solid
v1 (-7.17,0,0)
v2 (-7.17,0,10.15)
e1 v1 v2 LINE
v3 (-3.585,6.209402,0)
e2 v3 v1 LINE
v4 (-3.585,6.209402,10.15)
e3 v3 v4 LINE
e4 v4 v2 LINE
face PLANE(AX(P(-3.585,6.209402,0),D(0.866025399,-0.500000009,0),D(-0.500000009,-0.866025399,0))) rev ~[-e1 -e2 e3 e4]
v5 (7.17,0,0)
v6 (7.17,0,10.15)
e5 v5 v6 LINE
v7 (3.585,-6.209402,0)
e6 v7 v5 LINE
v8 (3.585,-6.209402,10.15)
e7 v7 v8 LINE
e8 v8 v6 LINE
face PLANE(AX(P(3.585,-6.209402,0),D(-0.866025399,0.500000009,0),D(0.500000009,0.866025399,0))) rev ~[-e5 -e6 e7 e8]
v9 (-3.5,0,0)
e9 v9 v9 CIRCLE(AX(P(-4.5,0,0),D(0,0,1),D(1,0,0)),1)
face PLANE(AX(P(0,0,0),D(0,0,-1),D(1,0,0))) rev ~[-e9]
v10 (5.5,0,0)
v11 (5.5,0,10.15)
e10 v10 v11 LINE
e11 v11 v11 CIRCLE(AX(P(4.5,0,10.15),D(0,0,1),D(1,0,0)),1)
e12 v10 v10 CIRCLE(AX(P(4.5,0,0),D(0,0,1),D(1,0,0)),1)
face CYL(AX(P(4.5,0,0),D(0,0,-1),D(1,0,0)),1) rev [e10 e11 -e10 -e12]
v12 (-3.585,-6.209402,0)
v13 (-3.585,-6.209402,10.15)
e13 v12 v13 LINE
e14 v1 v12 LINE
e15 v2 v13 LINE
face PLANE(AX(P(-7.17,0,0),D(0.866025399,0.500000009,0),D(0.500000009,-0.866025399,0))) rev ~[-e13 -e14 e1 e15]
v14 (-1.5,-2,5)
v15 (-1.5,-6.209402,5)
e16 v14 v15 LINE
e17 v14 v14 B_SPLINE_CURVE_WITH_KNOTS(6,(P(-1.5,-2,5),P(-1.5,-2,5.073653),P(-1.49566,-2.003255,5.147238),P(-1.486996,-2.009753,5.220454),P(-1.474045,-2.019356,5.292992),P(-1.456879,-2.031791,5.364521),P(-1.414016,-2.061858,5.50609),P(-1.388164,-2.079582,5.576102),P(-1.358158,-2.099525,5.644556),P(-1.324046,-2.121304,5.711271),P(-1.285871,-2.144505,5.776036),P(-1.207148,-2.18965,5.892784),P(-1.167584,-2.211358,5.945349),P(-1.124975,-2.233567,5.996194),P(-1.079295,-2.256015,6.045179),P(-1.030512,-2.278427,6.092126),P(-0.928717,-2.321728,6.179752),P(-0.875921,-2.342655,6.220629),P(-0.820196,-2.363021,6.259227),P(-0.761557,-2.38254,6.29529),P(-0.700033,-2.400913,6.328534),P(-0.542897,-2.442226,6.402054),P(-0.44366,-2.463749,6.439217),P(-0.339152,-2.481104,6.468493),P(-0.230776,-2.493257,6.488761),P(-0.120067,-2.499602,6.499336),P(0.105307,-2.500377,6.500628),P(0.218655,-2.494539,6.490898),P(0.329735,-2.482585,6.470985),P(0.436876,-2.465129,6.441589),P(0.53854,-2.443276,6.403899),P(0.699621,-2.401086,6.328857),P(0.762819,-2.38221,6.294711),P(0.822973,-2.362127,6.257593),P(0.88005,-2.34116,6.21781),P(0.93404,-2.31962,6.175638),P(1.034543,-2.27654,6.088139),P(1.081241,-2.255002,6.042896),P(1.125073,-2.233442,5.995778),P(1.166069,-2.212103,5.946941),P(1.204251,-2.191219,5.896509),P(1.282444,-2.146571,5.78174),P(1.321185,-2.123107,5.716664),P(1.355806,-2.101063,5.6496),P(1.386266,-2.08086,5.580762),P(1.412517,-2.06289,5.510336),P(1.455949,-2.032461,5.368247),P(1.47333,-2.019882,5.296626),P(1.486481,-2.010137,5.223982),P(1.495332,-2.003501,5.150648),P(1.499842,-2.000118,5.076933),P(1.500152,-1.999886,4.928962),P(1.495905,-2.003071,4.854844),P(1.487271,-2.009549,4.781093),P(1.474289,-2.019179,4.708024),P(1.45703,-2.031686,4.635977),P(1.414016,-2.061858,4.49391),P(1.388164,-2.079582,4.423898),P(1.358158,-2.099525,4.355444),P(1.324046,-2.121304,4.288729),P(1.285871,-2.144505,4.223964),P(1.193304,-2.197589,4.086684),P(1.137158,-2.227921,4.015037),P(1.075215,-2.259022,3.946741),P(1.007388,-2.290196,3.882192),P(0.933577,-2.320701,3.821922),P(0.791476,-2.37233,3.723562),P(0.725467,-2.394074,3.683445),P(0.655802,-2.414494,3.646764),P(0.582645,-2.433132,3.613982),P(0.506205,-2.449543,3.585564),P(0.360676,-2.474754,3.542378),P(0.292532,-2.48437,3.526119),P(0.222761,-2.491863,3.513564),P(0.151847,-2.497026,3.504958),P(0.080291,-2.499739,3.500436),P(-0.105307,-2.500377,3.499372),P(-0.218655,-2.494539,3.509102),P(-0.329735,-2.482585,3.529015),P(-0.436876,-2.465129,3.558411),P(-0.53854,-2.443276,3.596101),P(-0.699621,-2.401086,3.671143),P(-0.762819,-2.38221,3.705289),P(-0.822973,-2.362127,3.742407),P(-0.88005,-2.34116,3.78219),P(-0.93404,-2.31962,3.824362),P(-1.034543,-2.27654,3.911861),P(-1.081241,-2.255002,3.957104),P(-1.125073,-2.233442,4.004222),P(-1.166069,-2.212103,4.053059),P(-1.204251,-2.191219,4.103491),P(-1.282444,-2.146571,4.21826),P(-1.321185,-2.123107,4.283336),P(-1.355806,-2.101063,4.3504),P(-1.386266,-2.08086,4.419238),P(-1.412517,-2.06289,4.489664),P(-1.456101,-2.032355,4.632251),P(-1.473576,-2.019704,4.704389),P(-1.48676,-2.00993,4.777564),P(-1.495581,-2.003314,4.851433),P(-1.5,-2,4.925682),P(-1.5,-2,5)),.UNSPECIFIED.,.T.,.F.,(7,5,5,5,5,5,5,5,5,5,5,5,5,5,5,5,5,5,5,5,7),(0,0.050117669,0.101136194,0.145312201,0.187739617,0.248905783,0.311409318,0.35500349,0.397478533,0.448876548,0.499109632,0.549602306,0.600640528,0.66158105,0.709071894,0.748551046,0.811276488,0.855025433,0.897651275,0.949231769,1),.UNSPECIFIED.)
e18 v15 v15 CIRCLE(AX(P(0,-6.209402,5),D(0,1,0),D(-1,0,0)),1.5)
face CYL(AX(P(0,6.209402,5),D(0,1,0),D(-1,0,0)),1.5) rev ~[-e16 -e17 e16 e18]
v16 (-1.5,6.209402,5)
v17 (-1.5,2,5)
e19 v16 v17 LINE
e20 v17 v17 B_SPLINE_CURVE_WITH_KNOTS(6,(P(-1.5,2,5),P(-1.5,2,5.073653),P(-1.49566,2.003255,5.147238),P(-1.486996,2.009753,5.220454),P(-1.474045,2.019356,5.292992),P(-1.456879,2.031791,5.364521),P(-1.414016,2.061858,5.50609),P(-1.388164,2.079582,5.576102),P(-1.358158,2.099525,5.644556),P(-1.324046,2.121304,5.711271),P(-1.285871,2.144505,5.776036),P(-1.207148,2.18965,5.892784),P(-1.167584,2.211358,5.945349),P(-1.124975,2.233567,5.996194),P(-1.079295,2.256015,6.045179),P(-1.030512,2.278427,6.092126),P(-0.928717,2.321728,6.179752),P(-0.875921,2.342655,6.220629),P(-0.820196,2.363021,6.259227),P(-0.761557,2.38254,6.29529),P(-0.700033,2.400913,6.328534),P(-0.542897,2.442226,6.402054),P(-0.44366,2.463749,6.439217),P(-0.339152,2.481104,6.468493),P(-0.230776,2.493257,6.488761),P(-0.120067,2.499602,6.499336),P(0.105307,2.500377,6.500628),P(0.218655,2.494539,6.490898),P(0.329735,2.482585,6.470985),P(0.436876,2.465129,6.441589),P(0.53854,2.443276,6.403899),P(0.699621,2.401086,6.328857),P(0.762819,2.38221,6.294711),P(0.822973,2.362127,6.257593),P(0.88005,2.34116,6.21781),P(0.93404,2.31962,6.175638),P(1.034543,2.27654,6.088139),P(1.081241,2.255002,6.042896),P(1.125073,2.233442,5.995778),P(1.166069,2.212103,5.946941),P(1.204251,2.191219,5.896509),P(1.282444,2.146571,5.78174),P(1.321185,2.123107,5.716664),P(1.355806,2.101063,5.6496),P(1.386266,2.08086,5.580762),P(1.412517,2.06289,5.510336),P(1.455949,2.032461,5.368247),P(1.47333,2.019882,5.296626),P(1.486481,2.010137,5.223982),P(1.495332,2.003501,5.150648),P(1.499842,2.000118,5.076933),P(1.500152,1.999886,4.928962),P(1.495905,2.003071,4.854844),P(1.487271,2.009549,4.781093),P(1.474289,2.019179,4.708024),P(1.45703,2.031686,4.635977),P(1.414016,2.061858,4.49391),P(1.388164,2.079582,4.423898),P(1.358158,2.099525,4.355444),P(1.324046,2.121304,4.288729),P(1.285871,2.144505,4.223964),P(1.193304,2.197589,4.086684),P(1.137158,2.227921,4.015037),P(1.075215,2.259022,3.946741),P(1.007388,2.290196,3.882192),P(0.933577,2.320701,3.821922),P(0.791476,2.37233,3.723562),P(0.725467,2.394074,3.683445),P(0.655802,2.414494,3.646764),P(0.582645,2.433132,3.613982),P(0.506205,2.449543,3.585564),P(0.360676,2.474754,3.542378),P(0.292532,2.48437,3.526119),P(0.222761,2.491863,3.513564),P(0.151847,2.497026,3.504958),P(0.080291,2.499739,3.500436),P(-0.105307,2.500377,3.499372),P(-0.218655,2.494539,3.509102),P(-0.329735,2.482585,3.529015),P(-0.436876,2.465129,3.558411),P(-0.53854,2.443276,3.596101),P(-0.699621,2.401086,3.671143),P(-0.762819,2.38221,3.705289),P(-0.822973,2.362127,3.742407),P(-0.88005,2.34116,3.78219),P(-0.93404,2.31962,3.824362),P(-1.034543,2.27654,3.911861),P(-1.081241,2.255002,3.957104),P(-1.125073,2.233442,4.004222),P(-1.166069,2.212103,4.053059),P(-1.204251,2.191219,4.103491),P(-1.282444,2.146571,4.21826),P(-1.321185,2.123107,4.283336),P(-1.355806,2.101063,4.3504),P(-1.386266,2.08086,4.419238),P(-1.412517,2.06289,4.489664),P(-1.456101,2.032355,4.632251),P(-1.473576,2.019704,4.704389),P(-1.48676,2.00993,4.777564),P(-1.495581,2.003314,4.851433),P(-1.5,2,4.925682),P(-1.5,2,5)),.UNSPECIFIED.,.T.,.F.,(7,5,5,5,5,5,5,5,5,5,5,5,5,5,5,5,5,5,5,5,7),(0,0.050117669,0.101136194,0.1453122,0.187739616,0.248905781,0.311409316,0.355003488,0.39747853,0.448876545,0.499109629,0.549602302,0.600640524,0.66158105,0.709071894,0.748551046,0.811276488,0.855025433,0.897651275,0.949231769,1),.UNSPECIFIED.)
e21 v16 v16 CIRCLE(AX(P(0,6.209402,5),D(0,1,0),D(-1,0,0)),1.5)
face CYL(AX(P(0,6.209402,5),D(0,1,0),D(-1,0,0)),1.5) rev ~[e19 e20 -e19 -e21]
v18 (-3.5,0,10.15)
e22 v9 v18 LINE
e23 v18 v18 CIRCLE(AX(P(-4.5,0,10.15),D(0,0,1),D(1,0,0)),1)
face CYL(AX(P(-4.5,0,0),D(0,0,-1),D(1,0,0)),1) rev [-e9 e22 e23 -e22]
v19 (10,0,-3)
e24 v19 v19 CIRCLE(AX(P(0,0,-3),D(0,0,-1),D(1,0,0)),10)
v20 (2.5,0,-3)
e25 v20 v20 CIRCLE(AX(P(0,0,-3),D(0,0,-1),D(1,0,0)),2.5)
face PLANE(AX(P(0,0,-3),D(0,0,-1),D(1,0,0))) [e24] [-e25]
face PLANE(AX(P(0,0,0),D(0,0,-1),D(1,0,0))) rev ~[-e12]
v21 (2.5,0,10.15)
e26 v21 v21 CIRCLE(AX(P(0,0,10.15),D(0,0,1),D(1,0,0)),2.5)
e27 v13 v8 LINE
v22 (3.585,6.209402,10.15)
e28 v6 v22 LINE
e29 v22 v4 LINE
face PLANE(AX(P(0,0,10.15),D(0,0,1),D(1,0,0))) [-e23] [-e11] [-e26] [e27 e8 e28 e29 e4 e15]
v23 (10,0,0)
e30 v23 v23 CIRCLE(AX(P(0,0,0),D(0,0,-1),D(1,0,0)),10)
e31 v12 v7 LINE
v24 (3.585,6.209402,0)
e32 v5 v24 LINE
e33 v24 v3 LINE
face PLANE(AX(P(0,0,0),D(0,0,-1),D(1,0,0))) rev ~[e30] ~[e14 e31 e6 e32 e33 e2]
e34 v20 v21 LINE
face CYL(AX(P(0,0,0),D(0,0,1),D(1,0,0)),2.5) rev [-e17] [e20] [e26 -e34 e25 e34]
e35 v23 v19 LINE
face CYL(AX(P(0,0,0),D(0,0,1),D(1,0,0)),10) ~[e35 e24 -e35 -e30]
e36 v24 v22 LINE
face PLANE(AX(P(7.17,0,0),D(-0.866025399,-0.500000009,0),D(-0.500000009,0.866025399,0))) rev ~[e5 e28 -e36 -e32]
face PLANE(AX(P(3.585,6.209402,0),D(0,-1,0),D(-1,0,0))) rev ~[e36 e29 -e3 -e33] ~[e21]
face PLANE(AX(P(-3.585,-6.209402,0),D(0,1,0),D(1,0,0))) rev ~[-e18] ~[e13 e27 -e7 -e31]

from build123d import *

# Parameters (mm, degrees)
SKETCH_R      = 2.5
SKETCH_R_2    = 1
PAD_DEPTH     = 10.15
SKETCH001_R   = 1.5
POCKET_DEPTH  = 12.419804
SKETCH002_R   = 10
SKETCH002_R_2 = 2.5
PAD001_DEPTH  = 3


with BuildPart() as part:
    # Sketch → Pad (new body)
    with BuildSketch(Plane.XY):
        Polygon((-7.17, 0), (-3.585, -6.209402), (3.585, -6.209402), (7.17, 0), (3.585, 6.209402), (-3.585, 6.209402), align=None)
        Circle(SKETCH_R, mode=Mode.SUBTRACT)
        with Locations((4.5, 0)):
            Circle(SKETCH_R_2, mode=Mode.SUBTRACT)
        with Locations((-4.5, 0)):
            Circle(SKETCH_R_2, mode=Mode.SUBTRACT)
    extrude(amount=PAD_DEPTH)

    # Sketch001 → Pocket (cut, through all)
    with BuildSketch(Plane(origin=(0, 6.209402, 0), x_dir=(-1, 0, 0), z_dir=(0, 1, 0))):
        with Locations((0, 5)):
            Circle(SKETCH001_R)
    extrude(amount=-POCKET_DEPTH, mode=Mode.SUBTRACT)

    # Sketch002 → Pad001 (new body)
    with BuildSketch(Plane(origin=(0, 0, 0), x_dir=(1, 0, 0), z_dir=(0, 0, -1))):
        Circle(SKETCH002_R)
        Circle(SKETCH002_R_2, mode=Mode.SUBTRACT)
    extrude(amount=PAD001_DEPTH)


solid = part.part
